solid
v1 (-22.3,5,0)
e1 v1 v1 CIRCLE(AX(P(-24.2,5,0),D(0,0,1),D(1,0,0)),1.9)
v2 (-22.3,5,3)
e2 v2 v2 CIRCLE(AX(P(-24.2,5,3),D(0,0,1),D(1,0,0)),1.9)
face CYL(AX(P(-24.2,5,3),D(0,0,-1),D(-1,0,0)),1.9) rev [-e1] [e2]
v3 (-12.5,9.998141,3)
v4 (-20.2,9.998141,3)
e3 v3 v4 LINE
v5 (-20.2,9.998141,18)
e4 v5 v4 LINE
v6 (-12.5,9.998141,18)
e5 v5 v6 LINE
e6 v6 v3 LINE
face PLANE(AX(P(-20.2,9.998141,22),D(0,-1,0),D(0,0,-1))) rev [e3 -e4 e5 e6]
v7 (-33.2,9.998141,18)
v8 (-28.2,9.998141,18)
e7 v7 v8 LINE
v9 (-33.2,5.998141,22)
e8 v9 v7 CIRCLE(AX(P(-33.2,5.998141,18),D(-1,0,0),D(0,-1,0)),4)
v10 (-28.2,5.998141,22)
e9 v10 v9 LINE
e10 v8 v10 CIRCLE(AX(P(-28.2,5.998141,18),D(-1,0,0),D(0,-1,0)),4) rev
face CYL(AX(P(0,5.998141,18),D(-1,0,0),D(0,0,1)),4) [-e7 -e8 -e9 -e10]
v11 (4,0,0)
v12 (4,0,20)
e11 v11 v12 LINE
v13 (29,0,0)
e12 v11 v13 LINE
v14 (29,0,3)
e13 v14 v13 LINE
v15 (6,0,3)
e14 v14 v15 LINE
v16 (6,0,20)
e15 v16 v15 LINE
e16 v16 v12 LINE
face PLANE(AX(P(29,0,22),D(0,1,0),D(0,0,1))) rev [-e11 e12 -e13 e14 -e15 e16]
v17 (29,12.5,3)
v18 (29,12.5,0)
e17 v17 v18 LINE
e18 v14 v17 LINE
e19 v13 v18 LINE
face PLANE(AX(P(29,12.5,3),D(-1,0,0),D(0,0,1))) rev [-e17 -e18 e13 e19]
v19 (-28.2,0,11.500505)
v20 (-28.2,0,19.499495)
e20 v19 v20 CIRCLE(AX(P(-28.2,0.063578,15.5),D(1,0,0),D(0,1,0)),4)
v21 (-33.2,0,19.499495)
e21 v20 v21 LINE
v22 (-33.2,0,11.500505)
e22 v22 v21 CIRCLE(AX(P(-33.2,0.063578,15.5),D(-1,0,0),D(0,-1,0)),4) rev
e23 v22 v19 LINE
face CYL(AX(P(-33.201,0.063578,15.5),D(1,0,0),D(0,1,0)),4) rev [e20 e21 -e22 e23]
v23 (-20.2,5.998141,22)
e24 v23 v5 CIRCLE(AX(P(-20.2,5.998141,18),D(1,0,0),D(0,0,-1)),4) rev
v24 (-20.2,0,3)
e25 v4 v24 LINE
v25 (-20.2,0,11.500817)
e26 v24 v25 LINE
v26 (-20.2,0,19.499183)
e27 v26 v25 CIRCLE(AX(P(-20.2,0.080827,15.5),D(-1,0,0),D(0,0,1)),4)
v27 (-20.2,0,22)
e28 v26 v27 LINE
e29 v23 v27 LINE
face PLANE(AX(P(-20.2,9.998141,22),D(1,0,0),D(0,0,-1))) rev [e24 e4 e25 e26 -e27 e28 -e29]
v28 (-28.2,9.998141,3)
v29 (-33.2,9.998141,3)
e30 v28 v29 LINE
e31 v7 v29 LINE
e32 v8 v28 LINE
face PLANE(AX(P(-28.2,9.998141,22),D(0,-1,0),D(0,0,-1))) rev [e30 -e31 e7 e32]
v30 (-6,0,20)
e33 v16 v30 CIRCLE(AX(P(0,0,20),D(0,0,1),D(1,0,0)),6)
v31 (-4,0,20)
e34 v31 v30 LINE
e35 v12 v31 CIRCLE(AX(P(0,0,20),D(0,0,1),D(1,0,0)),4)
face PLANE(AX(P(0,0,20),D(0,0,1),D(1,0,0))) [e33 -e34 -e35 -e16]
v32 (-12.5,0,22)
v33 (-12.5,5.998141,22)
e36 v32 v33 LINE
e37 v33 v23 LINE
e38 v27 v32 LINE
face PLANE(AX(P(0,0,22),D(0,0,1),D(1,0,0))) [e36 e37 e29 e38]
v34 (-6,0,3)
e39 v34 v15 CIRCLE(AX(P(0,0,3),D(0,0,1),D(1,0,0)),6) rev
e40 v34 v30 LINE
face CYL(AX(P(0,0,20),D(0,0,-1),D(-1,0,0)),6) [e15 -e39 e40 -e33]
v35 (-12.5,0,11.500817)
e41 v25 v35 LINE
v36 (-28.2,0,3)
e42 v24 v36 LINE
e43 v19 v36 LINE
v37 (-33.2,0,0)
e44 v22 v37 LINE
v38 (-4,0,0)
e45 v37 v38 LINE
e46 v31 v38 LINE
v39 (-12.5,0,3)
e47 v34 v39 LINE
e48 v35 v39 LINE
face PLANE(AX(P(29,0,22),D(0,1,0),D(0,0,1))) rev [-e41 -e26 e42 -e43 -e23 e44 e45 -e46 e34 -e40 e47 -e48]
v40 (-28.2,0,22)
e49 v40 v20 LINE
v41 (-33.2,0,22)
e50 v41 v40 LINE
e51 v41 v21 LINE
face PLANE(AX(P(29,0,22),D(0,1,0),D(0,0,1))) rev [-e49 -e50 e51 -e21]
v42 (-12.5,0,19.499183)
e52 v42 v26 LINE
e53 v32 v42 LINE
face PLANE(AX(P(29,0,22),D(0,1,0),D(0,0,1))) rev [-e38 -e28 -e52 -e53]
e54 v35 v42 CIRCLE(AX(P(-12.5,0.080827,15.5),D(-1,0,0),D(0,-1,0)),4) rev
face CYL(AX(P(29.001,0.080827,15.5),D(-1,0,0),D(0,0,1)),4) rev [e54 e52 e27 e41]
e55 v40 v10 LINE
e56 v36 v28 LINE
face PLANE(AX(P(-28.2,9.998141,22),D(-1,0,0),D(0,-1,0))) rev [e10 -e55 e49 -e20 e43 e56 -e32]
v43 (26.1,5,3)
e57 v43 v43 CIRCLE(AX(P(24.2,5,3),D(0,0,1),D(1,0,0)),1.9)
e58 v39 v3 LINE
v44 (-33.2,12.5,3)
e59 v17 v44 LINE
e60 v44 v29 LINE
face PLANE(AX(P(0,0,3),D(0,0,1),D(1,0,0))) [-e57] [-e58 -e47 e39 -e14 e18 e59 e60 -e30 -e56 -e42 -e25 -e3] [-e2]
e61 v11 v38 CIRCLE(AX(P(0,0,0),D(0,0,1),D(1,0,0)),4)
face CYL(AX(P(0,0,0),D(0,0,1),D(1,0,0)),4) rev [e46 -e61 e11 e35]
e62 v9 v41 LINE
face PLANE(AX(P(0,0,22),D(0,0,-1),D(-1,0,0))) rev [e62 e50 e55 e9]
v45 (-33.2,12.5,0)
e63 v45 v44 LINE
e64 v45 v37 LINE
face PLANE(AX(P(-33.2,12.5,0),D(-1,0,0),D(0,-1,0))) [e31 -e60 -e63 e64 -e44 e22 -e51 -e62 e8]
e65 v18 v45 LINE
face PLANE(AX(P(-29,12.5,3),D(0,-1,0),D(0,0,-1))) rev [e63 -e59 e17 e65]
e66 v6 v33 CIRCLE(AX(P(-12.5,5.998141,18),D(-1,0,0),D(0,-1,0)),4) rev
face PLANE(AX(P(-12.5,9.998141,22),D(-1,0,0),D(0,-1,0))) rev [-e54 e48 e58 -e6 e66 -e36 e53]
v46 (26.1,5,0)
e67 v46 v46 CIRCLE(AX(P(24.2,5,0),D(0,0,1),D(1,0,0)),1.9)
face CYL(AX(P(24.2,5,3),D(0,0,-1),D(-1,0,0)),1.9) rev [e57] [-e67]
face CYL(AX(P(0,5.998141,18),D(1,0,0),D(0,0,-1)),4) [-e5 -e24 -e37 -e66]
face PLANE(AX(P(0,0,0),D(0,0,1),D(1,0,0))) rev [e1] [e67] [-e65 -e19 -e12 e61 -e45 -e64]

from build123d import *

# Parameters (mm, degrees)
SKETCH1_W           = 58
SKETCH1_H           = 25
SKETCH1_R           = 1.9
BOSS_EXTRUDE1_DEPTH = 3
SKETCH2_R           = 6
BOSS_EXTRUDE2_DEPTH = 20
SKETCH3_R           = 4
CUT_EXTRUDE1_DEPTH  = 38.379807383
SKETCH4_W           = 7.7
SKETCH4_H           = 19.996282454
BOSS_EXTRUDE3_DEPTH = 19
CUT_EXTRUDE2_REACH  = 57.325
SKETCH5_R           = 4
FILLET1_R           = 4
SKETCH7_W           = 4.2
SKETCH7_H           = 25
BOSS_EXTRUDE4_DEPTH = 3
SKETCH8_W           = 5
SKETCH8_H           = 19.996282454
BOSS_EXTRUDE5_DEPTH = 19
CUT_EXTRUDE3_REACH  = 64.547
SKETCH9_R           = 4
FILLET2_R           = 4
SKETCH10_W          = 62.2
SKETCH10_H          = 12.5
CUT_EXTRUDE4_DEPTH  = 42.74314315


with BuildPart() as part:
    # Sketch1 → Boss-Extrude1 (new body)
    with BuildSketch(Plane.XY):
        Rectangle(SKETCH1_W, SKETCH1_H)
        with Locations((24.2, 5)):
            Circle(SKETCH1_R, mode=Mode.SUBTRACT)
        with Locations((24.2, -5)):
            Circle(SKETCH1_R, mode=Mode.SUBTRACT)
        with Locations((-24.2, 5)):
            Circle(SKETCH1_R, mode=Mode.SUBTRACT)
        with Locations((-24.2, -5)):
            Circle(SKETCH1_R, mode=Mode.SUBTRACT)
    extrude(amount=BOSS_EXTRUDE1_DEPTH)

    # Sketch2 → Boss-Extrude2 (add)
    with BuildSketch(Plane.XY):
        Circle(SKETCH2_R)
    extrude(amount=BOSS_EXTRUDE2_DEPTH)

    # Sketch3 → Cut-Extrude1 (cut, through all)
    with BuildSketch(Plane.XY.offset(20)):
        Circle(SKETCH3_R)
    extrude(amount=-CUT_EXTRUDE1_DEPTH, mode=Mode.SUBTRACT)

    # Sketch4 → Boss-Extrude3 (add)
    with BuildSketch(Plane.XY.offset(3)):
        with Locations((-16.35, 0)):
            Rectangle(SKETCH4_W, SKETCH4_H)
    extrude(amount=BOSS_EXTRUDE3_DEPTH)

    # Sketch5 → Cut-Extrude2 (cut, up to next)
    with BuildSketch(Plane.ZY.offset(20.2), mode=Mode.PRIVATE) as cut_extrude2_sk1:
        with Locations((15.5, 0.080826905)):
            Circle(SKETCH5_R)
    cut_extrude2_tool1 = extrude(cut_extrude2_sk1.sketch, amount=-CUT_EXTRUDE2_REACH, mode=Mode.PRIVATE) & part.part
    add(cut_extrude2_tool1.solids().sort_by_distance((-20.2, 0.080827, 15.5))[0], mode=Mode.SUBTRACT)

    # Fillet1
    fillet1_edges = [part.edges().sort_by_distance(p)[0] for p in [
        (-16.35, 9.998141227, 22),
        (-16.35, -9.998141227, 22),
    ]]
    fillet(fillet1_edges, radius=FILLET1_R)

    # Sketch7 → Boss-Extrude4 (add)
    with BuildSketch(Plane.XY.offset(3)):
        with Locations((-31.1, 0)):
            Rectangle(SKETCH7_W, SKETCH7_H)
    extrude(amount=-BOSS_EXTRUDE4_DEPTH)

    # Sketch8 → Boss-Extrude5 (add)
    with BuildSketch(Plane.XY.offset(3)):
        with Locations((-30.7, 0)):
            Rectangle(SKETCH8_W, SKETCH8_H)
    extrude(amount=BOSS_EXTRUDE5_DEPTH)

    # Sketch9 → Cut-Extrude3 (cut, up to next)
    with BuildSketch(Plane(origin=(-28.2, 0, 0), x_dir=(0, 0, -1), z_dir=(1, 0, 0)), mode=Mode.PRIVATE) as cut_extrude3_sk1:
        with Locations(Location((-15.5, 0.063578072, 0), (0, 0, 90))):
            Circle(SKETCH9_R)
    cut_extrude3_tool1 = extrude(cut_extrude3_sk1.sketch, amount=-CUT_EXTRUDE3_REACH, mode=Mode.PRIVATE) & part.part
    add(cut_extrude3_tool1.solids().sort_by_distance((-28.2, 0.063578, 15.5))[0], mode=Mode.SUBTRACT)

    # Fillet2
    fillet2_edges = [part.edges().sort_by_distance(p)[0] for p in [
        (-30.7, 9.998141227, 22),
        (-30.7, -9.998141227, 22),
    ]]
    fillet(fillet2_edges, radius=FILLET2_R)

    # Sketch10 → Cut-Extrude4 (cut, through all)
    with BuildSketch(Plane(origin=(0, 0, 0), x_dir=(-1, 0, 0), z_dir=(0, 0, -1))):
        with Locations((2.1, -6.25)):
            Rectangle(SKETCH10_W, SKETCH10_H)
    extrude(amount=-CUT_EXTRUDE4_DEPTH, mode=Mode.SUBTRACT)


solid = part.part
